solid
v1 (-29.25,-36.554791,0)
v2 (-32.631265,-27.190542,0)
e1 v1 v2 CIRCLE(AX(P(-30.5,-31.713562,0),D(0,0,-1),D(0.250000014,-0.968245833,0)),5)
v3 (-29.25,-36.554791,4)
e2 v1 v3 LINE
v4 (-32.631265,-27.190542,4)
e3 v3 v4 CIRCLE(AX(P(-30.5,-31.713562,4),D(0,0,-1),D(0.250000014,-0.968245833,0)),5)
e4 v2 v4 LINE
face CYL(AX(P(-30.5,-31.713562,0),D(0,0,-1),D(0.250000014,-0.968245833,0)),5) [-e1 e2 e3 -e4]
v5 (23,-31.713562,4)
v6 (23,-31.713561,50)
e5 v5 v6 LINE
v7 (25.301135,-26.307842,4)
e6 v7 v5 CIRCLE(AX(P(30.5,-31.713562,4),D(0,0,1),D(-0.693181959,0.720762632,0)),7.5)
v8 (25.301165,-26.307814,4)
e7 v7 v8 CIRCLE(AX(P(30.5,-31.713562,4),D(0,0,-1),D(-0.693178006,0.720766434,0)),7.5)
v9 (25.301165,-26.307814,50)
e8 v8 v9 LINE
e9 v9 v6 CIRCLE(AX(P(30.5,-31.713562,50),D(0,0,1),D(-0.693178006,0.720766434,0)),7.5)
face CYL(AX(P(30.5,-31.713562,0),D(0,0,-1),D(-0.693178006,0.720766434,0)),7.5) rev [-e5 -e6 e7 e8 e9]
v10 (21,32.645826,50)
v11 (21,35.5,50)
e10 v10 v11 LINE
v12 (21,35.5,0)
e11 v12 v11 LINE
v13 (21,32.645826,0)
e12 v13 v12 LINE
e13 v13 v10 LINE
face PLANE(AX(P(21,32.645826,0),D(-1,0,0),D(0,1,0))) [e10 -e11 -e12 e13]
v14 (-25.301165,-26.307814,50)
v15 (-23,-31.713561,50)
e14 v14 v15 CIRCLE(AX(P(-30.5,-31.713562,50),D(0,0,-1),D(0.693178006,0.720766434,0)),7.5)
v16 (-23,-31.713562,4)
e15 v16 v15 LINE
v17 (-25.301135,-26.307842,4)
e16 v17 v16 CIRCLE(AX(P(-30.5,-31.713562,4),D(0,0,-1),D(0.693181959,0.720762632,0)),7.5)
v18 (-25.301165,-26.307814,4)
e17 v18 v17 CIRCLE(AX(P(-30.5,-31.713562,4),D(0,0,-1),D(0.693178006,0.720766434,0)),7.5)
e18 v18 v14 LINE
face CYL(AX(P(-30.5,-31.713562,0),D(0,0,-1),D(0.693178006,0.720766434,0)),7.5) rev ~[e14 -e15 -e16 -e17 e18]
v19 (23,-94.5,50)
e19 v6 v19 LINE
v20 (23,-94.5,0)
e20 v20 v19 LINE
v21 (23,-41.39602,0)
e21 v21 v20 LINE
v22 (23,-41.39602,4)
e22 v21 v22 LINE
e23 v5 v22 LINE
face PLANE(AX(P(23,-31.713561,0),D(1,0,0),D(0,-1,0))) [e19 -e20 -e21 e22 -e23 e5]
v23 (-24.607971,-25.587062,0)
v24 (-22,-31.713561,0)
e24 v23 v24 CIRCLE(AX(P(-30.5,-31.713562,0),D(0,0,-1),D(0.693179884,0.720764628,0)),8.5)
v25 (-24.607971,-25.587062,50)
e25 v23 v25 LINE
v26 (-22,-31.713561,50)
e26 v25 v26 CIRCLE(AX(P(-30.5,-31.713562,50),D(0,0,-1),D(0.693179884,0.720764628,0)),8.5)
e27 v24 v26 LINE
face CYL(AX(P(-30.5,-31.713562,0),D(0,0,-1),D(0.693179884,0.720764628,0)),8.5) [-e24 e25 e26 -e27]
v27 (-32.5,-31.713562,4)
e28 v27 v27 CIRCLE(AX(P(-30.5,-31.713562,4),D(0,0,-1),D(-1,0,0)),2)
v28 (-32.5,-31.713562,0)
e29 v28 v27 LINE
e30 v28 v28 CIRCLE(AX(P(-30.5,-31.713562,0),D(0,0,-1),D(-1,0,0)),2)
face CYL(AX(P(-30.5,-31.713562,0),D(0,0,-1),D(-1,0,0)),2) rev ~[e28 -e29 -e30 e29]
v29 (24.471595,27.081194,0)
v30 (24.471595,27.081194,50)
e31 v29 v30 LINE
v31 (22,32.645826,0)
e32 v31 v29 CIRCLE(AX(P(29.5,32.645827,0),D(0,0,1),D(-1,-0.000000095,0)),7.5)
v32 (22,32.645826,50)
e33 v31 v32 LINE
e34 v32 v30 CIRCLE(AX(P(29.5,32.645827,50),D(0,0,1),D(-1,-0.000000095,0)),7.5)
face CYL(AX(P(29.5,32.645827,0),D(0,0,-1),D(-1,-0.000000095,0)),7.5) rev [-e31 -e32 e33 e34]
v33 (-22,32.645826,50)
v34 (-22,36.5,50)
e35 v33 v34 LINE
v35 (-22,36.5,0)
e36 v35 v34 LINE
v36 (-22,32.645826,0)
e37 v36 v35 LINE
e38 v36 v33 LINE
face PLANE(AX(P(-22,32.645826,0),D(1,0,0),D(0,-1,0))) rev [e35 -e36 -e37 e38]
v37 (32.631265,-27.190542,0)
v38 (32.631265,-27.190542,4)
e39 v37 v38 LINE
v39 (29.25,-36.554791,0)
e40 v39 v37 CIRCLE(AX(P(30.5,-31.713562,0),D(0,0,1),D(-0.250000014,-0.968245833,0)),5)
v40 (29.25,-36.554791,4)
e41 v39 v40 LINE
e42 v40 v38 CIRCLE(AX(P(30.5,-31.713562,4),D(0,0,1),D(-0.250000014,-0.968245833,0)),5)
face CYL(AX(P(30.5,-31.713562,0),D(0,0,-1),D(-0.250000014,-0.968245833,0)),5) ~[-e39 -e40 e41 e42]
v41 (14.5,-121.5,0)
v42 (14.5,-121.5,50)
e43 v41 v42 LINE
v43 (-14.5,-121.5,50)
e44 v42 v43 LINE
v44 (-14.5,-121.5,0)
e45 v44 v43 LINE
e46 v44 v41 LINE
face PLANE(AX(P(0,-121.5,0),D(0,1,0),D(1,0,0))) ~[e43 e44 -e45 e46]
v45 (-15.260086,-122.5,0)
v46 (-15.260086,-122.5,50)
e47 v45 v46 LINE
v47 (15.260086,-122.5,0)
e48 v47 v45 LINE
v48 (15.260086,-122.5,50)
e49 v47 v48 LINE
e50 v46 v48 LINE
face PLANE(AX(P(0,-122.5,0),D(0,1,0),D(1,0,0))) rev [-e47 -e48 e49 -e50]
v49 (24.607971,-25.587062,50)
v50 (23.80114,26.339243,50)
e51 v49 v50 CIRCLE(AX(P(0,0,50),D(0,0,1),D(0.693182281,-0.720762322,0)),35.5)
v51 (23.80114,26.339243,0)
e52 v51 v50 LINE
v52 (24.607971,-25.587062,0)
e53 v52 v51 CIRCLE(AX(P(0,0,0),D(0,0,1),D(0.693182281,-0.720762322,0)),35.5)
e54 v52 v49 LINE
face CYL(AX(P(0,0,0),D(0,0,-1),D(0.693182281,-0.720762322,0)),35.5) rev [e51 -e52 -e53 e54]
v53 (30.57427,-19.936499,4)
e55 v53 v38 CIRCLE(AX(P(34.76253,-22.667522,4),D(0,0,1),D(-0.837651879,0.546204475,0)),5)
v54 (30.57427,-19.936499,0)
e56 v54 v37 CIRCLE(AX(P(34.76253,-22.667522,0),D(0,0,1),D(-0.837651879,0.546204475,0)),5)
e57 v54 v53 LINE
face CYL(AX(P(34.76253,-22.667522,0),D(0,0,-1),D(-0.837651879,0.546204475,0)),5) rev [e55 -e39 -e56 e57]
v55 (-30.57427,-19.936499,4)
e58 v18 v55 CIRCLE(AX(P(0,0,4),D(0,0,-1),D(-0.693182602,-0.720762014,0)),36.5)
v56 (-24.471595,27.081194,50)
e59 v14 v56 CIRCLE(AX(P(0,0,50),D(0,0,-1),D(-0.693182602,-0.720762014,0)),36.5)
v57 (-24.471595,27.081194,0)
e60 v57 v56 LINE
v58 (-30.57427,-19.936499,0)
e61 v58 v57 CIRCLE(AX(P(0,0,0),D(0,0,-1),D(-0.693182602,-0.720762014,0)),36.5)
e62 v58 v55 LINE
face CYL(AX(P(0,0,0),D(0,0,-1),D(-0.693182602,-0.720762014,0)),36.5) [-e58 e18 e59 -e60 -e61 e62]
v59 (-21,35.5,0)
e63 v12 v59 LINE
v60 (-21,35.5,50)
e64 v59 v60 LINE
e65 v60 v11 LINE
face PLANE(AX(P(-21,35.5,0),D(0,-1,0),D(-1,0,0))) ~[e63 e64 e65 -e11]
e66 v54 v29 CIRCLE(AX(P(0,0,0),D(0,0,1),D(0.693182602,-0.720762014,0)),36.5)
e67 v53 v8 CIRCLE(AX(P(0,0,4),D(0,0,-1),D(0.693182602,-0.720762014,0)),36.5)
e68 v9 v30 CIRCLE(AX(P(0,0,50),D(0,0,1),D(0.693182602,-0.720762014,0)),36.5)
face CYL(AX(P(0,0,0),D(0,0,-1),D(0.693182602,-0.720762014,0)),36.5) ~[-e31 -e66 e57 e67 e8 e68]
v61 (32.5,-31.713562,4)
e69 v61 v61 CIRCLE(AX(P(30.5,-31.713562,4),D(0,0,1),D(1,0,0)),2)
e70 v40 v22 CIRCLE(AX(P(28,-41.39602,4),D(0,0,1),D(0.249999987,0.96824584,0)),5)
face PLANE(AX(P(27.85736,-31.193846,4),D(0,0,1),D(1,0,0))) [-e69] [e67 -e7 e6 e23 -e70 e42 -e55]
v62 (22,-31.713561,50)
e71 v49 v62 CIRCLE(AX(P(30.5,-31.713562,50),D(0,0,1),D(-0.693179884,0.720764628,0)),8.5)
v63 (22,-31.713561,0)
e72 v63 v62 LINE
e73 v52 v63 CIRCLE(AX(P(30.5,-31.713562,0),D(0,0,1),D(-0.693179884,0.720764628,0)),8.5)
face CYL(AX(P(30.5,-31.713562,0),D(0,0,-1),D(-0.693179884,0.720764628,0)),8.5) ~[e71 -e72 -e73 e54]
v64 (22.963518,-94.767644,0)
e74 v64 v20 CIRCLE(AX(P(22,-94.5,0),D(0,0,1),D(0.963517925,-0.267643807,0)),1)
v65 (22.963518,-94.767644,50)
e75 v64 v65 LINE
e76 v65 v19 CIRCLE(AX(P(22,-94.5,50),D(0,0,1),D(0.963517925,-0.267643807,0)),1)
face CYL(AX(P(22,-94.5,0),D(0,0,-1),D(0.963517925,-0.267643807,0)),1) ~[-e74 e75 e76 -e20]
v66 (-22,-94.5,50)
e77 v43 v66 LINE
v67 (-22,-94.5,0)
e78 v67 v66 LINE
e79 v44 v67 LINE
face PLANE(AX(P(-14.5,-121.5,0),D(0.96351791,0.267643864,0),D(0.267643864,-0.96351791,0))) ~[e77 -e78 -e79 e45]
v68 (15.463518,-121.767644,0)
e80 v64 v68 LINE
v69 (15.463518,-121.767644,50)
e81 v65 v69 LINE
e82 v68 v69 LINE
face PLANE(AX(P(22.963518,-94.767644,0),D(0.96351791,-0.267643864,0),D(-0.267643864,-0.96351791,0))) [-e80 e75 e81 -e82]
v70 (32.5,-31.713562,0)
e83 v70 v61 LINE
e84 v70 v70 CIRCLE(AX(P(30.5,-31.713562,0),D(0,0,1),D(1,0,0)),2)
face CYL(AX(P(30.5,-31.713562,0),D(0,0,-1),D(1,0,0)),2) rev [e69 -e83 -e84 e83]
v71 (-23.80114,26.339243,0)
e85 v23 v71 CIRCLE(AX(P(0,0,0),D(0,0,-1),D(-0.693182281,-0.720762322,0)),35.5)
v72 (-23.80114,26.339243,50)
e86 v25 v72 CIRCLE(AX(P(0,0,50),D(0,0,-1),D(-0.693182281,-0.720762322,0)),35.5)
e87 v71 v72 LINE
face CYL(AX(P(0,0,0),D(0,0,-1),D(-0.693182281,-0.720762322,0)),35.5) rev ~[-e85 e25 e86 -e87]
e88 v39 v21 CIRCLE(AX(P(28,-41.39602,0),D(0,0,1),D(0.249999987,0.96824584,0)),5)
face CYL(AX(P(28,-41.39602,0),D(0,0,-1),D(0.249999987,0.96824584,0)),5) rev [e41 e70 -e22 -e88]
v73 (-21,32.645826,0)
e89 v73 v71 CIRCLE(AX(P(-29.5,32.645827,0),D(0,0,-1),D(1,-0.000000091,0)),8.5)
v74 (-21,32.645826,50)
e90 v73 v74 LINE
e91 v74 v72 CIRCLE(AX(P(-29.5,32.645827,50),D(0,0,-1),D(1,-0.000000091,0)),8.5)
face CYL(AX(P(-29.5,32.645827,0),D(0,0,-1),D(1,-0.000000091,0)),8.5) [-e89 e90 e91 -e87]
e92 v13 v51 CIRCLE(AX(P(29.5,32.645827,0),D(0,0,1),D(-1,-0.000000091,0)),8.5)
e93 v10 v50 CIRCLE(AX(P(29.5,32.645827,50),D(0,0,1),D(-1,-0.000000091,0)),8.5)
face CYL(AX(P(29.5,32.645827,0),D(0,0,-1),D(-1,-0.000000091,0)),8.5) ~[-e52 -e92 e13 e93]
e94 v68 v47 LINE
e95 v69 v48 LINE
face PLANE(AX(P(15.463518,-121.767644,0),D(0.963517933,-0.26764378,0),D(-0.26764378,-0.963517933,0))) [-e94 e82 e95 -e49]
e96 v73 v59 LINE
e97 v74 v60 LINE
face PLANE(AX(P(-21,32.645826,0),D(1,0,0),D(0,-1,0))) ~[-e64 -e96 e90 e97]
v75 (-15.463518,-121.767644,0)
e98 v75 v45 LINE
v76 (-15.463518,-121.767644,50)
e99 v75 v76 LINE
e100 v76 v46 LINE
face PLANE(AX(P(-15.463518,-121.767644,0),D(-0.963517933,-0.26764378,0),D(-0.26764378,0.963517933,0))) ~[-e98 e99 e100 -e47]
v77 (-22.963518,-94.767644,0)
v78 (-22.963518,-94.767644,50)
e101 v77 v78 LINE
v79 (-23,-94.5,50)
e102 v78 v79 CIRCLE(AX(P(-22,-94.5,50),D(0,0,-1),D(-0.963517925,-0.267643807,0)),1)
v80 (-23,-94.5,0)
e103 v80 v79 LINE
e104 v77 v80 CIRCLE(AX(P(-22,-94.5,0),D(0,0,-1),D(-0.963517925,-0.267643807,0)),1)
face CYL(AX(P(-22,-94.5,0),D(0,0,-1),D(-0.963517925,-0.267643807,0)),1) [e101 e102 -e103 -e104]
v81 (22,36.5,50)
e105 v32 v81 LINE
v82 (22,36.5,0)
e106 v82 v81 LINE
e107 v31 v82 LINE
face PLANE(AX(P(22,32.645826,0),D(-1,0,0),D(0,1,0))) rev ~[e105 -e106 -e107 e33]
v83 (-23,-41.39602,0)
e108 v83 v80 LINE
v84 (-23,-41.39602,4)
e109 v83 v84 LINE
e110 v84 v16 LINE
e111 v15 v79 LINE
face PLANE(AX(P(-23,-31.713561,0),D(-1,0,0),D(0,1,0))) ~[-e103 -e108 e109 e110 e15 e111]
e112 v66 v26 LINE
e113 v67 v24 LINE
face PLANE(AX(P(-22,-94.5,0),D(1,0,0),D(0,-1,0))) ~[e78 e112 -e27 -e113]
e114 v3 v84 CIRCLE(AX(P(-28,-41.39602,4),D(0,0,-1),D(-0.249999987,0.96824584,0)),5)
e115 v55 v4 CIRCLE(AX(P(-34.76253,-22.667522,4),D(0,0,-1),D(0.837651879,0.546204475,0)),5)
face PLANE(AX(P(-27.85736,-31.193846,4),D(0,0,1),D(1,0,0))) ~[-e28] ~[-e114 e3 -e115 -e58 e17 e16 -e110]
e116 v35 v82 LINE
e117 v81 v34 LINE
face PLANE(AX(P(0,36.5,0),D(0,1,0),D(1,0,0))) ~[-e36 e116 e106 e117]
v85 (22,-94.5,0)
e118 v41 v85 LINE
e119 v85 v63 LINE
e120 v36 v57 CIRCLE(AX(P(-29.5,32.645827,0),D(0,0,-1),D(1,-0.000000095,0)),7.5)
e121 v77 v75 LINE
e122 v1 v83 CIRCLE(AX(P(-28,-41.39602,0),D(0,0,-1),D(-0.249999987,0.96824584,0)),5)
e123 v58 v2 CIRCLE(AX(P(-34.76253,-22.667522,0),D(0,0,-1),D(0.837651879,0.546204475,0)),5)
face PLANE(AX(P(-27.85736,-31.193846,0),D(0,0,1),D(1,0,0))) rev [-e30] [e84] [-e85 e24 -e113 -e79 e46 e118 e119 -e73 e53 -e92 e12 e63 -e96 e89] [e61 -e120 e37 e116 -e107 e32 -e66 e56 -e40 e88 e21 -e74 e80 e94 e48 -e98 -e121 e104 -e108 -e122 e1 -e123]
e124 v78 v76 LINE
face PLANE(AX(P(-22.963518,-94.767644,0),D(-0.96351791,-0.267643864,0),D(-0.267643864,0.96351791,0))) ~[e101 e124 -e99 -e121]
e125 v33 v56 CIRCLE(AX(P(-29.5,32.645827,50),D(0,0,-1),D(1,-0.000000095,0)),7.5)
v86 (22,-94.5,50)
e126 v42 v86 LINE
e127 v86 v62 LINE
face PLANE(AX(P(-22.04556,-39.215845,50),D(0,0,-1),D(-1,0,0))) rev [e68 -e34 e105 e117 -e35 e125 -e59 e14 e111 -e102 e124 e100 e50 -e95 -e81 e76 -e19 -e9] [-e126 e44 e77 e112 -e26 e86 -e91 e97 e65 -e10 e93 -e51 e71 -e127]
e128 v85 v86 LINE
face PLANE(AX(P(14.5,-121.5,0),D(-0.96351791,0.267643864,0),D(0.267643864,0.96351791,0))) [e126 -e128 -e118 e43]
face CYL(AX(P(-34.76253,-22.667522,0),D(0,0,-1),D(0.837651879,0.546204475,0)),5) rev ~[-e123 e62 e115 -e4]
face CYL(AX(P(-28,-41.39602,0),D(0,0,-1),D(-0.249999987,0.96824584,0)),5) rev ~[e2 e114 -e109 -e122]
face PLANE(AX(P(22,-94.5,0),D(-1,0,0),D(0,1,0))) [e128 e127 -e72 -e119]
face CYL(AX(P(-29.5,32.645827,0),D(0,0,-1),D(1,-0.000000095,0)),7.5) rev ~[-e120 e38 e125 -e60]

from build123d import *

# Parameters (mm, degrees)
PAD_DEPTH    = 50
SKETCH002_R  = 2
PAD001_DEPTH = 4


with BuildPart() as part:
    # Sketch001 → Pad (new body)
    with BuildSketch(Plane.XY):
        with BuildLine():
            ThreePointArc((24.6079709899, -25.5870624293), (35.4957154017, 0.5515325195), (23.8011399143, 26.3392433221))
            ThreePointArc((21, 32.6458259116), (21.7317857314, 29.1954865465), (23.8011399143, 26.3392433221))
            Line((21, 32.6458259116), (21, 35.5))
            Line((21, 35.5), (0, 35.5))
            Line((0, 35.5), (0, 36.5))
            Line((0, 36.5), (21, 36.5))
            Line((21, 36.5), (22, 36.5))
            Line((22, 35.5), (22, 36.5))
            Line((22, 35.5), (22, 32.6458259714))
            ThreePointArc((22, 32.6458259714), (22.6456934726, 29.60140851), (24.4715946777, 27.0811937316))
            ThreePointArc((25.301164957, -26.3078135127), (36.4955945841, 0.5670766728), (24.4715946777, 27.0811937316))
            ThreePointArc((25.3011649571, -26.3078135128), (23.599229725, -28.7759828987), (23, -31.7135613893))
            Line((23, -31.7135613893), (23, -94.5000000518))
            ThreePointArc((22.9635179252, -94.7676438078), (22.9908375021, -94.6350594104), (23, -94.5000000518))
            Line((22.9635179252, -94.7676438078), (15.4635179477, -121.7676437268))
            Line((15.4635179477, -121.7676437268), (15.2600857185, -122.5))
            Line((14.4999999216, -122.5), (15.2600857185, -122.5))
            Line((14.4999999216, -122.5), (0, -122.5))
            Line((0, -122.5), (0, -121.5))
            Line((0, -121.5), (14.5, -121.5))
            Line((14.5, -121.5), (22, -94.5))
            Line((22, -94.5), (22, -31.7135612569))
            ThreePointArc((24.60797099, -25.5870624293), (22.6791227009, -28.3843158664), (22, -31.7135612569))
        make_face()
    pad = extrude(amount=PAD_DEPTH)

    # Sketch002 → Pad001 (join)
    with BuildSketch(Plane.XY):
        with BuildLine():
            ThreePointArc((29.2499999325, -36.5547909331), (35.2028127321, -33.411664358), (32.6312648681, -27.1905417522))
            ThreePointArc((30.5742701704, -19.9364992801), (29.9521887014, -24.0315673865), (32.6312648681, -27.1905417522))
            Line((30.5742701704, -19.9364992801), (28.638855, -21.477074))
            Line((28.638855, -21.477074), (25.3011353077, -26.3078420275))
            ThreePointArc((25.3011353077, -26.3078420275), (23.5992215491, -28.776002105), (23, -31.7135620015))
            Line((22.267235, -41.500957), (23, -31.7135620015))
            Line((23, -41.3960200869), (22.267235, -41.500957))
            ThreePointArc((29.2499999325, -36.5547909331), (24.9381378123, -37.4431730652), (23, -41.3960200869))
        make_face()
        with Locations((30.5, -31.7135617678)):
            Circle(SKETCH002_R, mode=Mode.SUBTRACT)
    pad001 = extrude(amount=PAD001_DEPTH)

    # Mirrored: Pad, Pad001 across Sketch001 V_Axis
    add(pad.mirror(Plane(origin=(0, 0, 0), x_dir=(0, 0, 1), z_dir=(1, 0, 0))))
    add(pad001.mirror(Plane(origin=(0, 0, 0), x_dir=(0, 0, 1), z_dir=(1, 0, 0))))


solid = part.part
